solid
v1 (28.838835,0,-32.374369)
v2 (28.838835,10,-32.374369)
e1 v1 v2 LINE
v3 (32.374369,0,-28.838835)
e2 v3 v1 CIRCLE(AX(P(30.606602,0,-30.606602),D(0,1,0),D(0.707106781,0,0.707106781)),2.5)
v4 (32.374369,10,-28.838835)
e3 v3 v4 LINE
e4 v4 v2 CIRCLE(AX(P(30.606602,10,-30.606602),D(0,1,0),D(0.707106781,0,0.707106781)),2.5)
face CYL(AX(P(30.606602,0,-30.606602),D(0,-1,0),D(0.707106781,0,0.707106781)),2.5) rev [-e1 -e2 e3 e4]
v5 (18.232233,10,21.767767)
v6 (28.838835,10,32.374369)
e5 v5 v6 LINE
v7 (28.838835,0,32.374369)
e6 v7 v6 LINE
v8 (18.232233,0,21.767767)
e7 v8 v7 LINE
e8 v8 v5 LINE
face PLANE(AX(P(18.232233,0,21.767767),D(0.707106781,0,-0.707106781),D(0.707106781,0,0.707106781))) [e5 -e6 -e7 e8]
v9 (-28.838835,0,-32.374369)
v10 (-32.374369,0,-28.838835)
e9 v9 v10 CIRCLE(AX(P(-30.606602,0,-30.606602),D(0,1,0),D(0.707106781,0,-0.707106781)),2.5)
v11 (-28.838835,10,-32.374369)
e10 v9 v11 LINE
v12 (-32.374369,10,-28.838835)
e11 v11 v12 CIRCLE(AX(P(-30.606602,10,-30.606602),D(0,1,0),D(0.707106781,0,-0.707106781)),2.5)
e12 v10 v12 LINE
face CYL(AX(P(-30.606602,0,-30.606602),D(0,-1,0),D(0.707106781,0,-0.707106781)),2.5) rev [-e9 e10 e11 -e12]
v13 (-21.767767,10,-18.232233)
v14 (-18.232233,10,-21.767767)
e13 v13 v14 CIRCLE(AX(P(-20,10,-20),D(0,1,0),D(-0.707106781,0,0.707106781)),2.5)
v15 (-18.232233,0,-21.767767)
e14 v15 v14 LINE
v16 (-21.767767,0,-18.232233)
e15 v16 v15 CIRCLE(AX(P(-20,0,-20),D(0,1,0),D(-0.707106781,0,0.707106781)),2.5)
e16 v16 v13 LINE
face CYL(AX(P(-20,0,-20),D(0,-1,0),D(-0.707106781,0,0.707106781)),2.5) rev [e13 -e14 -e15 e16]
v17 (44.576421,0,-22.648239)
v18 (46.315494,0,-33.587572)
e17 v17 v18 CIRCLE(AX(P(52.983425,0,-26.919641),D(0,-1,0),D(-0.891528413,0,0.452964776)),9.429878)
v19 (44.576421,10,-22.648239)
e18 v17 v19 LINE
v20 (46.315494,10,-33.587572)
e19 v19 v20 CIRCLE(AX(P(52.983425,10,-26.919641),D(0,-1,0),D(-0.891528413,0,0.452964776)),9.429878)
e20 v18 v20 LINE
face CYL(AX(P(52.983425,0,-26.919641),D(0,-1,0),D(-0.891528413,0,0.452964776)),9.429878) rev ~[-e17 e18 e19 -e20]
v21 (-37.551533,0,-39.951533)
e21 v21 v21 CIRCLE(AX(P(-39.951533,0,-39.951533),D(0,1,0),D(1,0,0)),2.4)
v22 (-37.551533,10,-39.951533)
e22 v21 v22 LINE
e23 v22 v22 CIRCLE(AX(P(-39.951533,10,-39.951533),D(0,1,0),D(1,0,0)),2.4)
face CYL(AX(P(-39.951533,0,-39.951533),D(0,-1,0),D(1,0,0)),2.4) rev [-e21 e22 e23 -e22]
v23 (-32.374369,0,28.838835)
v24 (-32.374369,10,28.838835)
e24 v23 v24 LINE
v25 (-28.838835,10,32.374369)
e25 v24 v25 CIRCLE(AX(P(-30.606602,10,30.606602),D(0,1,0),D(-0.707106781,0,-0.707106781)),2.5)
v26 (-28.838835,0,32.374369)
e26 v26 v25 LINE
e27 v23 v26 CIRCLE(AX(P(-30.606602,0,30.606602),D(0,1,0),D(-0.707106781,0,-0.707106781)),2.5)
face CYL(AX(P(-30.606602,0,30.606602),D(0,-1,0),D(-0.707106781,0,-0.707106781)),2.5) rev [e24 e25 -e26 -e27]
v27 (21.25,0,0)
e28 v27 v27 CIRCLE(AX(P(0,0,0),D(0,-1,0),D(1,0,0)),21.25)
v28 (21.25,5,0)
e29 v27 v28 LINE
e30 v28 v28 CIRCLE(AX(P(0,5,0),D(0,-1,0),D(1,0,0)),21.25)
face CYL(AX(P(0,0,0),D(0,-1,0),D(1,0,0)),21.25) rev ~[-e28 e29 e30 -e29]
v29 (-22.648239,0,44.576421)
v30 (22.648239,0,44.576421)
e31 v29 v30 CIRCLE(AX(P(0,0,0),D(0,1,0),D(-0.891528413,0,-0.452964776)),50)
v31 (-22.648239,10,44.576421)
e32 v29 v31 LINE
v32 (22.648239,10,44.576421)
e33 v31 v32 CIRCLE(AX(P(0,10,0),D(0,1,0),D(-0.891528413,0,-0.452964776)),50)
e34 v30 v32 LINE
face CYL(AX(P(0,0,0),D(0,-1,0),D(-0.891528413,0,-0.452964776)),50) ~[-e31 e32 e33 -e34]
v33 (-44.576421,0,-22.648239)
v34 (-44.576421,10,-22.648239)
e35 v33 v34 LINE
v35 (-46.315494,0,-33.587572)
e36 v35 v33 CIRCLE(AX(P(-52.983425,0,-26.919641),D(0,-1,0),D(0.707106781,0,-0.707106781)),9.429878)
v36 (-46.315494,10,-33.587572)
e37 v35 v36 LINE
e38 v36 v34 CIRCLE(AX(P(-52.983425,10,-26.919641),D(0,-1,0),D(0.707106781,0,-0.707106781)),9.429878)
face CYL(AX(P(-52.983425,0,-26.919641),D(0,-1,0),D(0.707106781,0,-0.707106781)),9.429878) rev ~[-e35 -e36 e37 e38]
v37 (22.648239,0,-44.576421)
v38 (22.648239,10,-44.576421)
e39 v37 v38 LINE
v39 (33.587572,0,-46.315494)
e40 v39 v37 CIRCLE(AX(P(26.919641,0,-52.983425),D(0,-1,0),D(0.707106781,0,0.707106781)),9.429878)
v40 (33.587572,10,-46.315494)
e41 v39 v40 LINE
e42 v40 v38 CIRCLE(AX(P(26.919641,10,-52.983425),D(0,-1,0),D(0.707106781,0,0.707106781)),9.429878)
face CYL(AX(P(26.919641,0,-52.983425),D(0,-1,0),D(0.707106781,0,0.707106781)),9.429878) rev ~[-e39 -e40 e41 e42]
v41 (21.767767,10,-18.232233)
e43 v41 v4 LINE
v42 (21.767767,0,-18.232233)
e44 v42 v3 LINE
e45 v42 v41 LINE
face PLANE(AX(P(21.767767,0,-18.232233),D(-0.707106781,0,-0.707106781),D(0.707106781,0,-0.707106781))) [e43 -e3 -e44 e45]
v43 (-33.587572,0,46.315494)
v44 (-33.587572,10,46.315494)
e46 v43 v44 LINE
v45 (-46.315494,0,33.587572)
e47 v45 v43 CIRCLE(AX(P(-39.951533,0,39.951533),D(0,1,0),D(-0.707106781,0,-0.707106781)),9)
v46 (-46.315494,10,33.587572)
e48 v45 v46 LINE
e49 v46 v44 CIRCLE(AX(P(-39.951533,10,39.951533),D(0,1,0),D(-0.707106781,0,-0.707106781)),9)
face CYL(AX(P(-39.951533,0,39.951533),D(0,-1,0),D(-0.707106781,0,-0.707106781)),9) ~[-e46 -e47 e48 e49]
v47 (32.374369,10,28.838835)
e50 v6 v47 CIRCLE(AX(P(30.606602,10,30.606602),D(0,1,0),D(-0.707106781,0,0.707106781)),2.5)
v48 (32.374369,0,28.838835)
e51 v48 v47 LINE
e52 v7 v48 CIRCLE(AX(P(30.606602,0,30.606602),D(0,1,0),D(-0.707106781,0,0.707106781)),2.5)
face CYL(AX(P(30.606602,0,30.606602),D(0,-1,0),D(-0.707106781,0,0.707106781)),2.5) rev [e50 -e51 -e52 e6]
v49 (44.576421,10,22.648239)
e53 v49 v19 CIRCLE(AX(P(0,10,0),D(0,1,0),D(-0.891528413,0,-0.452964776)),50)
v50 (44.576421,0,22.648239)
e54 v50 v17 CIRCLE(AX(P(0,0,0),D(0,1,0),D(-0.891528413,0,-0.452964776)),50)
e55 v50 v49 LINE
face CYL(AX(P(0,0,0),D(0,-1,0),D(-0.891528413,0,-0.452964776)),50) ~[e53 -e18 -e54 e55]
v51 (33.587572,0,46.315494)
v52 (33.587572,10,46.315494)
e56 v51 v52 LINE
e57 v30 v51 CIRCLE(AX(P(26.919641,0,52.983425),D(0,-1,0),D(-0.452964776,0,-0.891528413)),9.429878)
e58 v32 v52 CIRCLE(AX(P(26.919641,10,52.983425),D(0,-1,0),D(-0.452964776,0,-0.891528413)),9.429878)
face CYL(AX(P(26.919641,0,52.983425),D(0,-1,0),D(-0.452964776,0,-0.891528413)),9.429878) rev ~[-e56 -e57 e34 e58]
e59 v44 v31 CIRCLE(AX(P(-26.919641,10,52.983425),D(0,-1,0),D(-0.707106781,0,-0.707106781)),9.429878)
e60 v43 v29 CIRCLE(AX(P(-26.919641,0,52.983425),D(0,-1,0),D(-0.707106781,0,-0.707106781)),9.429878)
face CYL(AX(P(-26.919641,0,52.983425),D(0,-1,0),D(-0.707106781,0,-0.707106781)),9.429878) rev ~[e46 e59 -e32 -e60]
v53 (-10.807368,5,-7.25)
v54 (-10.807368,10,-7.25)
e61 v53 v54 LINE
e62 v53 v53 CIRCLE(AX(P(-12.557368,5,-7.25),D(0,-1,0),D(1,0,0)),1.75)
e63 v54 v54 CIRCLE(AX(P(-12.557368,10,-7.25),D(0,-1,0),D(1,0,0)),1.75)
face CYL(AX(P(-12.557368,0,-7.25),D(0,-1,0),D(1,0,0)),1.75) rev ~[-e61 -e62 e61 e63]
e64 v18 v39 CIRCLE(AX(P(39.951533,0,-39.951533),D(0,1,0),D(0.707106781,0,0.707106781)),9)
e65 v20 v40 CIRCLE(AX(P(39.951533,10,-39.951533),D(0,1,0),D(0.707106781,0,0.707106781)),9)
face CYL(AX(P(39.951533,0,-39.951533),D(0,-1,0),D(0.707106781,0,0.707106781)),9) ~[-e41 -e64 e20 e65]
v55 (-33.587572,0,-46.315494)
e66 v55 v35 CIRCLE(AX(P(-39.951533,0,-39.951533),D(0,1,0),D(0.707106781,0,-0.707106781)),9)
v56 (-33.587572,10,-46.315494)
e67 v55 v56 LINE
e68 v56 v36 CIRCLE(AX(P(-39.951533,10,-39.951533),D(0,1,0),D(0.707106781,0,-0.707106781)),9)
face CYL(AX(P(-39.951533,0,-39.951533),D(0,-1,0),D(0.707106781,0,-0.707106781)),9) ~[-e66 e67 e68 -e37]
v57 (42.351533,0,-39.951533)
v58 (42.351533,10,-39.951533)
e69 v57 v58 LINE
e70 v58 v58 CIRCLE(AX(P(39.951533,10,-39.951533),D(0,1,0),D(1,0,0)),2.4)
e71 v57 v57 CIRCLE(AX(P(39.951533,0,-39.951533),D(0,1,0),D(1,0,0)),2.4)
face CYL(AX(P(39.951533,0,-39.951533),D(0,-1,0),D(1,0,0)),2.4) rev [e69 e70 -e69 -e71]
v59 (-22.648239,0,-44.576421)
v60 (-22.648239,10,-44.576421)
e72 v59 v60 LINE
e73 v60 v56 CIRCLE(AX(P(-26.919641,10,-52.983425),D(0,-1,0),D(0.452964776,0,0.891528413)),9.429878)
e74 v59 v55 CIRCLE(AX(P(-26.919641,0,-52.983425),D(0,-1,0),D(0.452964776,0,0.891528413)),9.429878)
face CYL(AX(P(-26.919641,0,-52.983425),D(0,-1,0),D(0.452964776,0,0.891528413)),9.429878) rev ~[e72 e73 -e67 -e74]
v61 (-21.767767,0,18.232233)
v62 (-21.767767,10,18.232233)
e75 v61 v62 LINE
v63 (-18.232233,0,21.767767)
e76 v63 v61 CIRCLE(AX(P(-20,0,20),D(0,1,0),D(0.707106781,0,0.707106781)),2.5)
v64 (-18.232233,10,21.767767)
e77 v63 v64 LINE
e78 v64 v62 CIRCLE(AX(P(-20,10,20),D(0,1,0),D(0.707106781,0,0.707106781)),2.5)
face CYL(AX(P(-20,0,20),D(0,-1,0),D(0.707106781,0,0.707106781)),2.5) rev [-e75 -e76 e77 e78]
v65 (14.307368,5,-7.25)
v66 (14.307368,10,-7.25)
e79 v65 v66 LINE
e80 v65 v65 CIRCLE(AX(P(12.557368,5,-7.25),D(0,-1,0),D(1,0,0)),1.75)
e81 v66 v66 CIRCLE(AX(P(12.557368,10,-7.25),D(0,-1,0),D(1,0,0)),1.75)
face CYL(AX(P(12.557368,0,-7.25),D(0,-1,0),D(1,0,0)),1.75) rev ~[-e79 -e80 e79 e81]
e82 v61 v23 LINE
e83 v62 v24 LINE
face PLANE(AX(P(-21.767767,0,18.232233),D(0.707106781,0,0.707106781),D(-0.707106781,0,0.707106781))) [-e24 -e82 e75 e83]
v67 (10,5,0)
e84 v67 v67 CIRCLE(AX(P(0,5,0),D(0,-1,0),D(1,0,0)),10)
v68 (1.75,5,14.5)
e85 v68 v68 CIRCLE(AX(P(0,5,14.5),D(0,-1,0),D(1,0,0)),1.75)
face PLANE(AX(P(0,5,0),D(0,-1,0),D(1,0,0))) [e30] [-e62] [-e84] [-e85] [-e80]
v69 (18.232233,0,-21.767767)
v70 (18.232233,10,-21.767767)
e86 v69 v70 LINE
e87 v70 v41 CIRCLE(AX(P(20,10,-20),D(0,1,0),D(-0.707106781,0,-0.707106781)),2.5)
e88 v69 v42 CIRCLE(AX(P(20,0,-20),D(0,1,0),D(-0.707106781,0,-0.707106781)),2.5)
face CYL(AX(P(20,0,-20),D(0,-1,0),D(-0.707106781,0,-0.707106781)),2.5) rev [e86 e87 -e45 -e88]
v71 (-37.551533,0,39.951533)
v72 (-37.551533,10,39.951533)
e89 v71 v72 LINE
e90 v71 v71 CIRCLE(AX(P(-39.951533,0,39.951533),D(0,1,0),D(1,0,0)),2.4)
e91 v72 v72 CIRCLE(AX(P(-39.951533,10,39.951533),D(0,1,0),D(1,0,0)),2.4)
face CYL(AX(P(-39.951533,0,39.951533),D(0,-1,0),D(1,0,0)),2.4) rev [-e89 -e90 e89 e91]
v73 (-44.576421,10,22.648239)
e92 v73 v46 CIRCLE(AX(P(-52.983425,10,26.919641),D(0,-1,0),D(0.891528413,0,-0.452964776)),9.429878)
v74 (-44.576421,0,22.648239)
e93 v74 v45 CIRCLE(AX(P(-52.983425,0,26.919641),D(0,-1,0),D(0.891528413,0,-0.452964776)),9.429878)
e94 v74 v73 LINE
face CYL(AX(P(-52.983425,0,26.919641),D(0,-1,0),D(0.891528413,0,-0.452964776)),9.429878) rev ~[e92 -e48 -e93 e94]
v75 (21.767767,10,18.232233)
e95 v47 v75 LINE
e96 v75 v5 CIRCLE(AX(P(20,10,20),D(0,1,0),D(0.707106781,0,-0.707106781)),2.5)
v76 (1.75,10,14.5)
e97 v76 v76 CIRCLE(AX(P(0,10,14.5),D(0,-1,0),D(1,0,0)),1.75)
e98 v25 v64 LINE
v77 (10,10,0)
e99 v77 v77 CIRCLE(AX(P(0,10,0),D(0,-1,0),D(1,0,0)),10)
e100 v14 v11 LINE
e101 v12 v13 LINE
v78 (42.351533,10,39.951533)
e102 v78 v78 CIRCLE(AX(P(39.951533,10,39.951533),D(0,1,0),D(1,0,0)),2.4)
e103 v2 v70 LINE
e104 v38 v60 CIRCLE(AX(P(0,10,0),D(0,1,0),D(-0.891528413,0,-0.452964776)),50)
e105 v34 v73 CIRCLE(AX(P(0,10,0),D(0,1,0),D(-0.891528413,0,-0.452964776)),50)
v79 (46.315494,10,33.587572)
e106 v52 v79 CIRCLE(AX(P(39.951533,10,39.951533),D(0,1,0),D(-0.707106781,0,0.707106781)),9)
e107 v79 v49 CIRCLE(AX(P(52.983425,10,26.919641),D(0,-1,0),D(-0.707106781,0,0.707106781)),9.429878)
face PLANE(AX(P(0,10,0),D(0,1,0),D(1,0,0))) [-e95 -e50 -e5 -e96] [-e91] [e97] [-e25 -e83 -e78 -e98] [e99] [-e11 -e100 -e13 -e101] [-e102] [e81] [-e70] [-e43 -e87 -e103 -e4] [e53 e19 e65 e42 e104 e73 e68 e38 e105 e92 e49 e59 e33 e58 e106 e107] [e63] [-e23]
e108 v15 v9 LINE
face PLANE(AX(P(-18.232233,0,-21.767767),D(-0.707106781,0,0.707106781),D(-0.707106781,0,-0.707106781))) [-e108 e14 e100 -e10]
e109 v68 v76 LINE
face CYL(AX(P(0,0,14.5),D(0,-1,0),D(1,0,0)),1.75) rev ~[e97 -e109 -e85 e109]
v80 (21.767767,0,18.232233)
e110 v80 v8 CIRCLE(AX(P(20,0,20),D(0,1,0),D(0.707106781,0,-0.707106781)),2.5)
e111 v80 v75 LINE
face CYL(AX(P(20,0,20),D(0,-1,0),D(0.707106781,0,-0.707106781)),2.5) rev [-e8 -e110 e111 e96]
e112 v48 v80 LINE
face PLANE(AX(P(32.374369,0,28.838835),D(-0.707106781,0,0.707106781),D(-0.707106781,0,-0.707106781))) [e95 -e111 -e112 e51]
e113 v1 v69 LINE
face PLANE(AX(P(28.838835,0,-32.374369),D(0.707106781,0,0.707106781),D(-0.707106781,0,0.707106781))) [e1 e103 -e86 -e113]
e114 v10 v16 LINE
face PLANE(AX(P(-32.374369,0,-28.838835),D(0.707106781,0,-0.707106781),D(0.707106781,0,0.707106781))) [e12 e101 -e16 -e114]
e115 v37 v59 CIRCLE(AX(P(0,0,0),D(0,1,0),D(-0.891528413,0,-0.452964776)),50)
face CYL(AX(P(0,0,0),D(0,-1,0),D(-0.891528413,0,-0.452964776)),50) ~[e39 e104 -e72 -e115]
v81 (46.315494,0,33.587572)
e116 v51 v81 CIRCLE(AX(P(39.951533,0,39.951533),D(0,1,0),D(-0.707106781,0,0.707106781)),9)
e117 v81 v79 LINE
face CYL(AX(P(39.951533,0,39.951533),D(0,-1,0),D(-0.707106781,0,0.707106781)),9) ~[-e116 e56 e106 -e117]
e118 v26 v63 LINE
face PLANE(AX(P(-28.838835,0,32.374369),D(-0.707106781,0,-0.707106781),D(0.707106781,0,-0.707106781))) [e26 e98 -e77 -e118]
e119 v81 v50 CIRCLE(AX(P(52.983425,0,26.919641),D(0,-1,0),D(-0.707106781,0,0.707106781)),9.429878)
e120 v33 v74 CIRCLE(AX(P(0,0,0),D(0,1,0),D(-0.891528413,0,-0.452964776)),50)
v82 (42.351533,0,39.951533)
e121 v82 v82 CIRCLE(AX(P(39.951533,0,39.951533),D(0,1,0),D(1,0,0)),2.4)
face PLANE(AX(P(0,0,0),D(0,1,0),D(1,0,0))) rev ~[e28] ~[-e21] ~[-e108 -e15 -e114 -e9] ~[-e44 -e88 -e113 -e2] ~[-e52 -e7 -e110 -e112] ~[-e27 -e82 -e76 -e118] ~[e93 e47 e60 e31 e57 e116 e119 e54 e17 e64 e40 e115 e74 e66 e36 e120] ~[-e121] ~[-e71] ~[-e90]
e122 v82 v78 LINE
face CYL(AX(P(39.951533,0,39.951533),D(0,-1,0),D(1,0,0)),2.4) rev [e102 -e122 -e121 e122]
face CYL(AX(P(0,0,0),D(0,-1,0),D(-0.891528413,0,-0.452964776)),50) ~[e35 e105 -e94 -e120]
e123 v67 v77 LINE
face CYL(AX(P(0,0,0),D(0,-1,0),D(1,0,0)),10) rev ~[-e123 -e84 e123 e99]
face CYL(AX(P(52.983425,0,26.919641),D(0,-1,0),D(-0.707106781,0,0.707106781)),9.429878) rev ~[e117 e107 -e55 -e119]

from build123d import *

# Parameters (mm, degrees)
SKETCH1_R           = 2.4
BOSS_EXTRUDE2_DEPTH = 10
SKETCH2_R           = 21.25
SKETCH2_R_2         = 1.75
SKETCH2_R_3         = 10
CUT_EXTRUDE3_DEPTH  = 5
SKETCH2_2_R         = 1.75
SKETCH2_2_R_2       = 10
CUT_EXTRUDE4_DEPTH  = 72.414284285


with BuildPart() as part:
    # Sketch1 → Boss-Extrude2 (new body)
    with BuildSketch(Plane(origin=(0, 0, 0), x_dir=(1, 0, 0), z_dir=(0, 1, 0))):
        with BuildLine():
            ThreePointArc((44.576420667, -22.648238795), (50, 0), (44.576420667, 22.648238795))
            ThreePointArc((44.576420667, 22.648238795), (43.670494672, 28.400158503), (46.315494168, 33.587572106))
            ThreePointArc((46.315494168, 33.587572106), (46.315494168, 46.315494168), (33.587572106, 46.315494168))
            ThreePointArc((33.587572106, 46.315494168), (28.400158503, 43.670494672), (22.648238795, 44.576420667))
            ThreePointArc((22.648238795, 44.576420667), (0, 50), (-22.648238795, 44.576420667))
            ThreePointArc((-22.648238795, 44.576420667), (-28.400158503, 43.670494672), (-33.587572106, 46.315494168))
            ThreePointArc((-33.587572106, 46.315494168), (-46.315494168, 46.315494168), (-46.315494168, 33.587572106))
            ThreePointArc((-46.315494168, 33.587572106), (-43.670494672, 28.400158503), (-44.576420667, 22.648238795))
            ThreePointArc((-44.576420667, 22.648238795), (-50, 0), (-44.576420667, -22.648238795))
            ThreePointArc((-44.576420667, -22.648238795), (-43.670494672, -28.400158503), (-46.315494168, -33.587572106))
            ThreePointArc((-46.315494168, -33.587572106), (-46.315494168, -46.315494168), (-33.587572106, -46.315494168))
            ThreePointArc((-33.587572106, -46.315494168), (-28.400158503, -43.670494672), (-22.648238795, -44.576420667))
            ThreePointArc((-22.648238795, -44.576420667), (0, -50), (22.648238795, -44.576420667))
            ThreePointArc((22.648238795, -44.576420667), (28.400158503, -43.670494672), (33.587572106, -46.315494168))
            ThreePointArc((33.587572106, -46.315494168), (46.315494168, -46.315494168), (46.315494168, -33.587572106))
            ThreePointArc((46.315494168, -33.587572106), (43.670494672, -28.400158503), (44.576420667, -22.648238795))
        make_face()
        with BuildLine():
            ThreePointArc((-21.767766953, -18.232233047), (-18.232233047, -18.232233047), (-18.232233047, -21.767766953))
            Line((-18.232233047, -21.767766953), (-28.838834765, -32.374368671))
            ThreePointArc((-28.838834765, -32.374368671), (-32.374368671, -32.374368671), (-32.374368671, -28.838834765))
            Line((-32.374368671, -28.838834765), (-21.767766953, -18.232233047))
        make_face(mode=Mode.SUBTRACT)
        with BuildLine():
            ThreePointArc((18.232233047, -21.767766953), (18.232233047, -18.232233047), (21.767766953, -18.232233047))
            Line((21.767766953, -18.232233047), (32.374368671, -28.838834765))
            ThreePointArc((32.374368671, -28.838834765), (32.374368671, -32.374368671), (28.838834765, -32.374368671))
            Line((28.838834765, -32.374368671), (18.232233047, -21.767766953))
        make_face(mode=Mode.SUBTRACT)
        with BuildLine():
            ThreePointArc((-18.232233047, 21.767766953), (-18.232233047, 18.232233047), (-21.767766953, 18.232233047))
            Line((-21.767766953, 18.232233047), (-32.374368671, 28.838834765))
            ThreePointArc((-32.374368671, 28.838834765), (-32.374368671, 32.374368671), (-28.838834765, 32.374368671))
            Line((-28.838834765, 32.374368671), (-18.232233047, 21.767766953))
        make_face(mode=Mode.SUBTRACT)
        with BuildLine():
            ThreePointArc((21.767766953, 18.232233047), (18.232233047, 18.232233047), (18.232233047, 21.767766953))
            Line((18.232233047, 21.767766953), (28.838834765, 32.374368671))
            ThreePointArc((28.838834765, 32.374368671), (32.374368671, 32.374368671), (32.374368671, 28.838834765))
            Line((32.374368671, 28.838834765), (21.767766953, 18.232233047))
        make_face(mode=Mode.SUBTRACT)
        with Locations((39.951533137, -39.951533137)):
            Circle(SKETCH1_R, mode=Mode.SUBTRACT)
        with Locations((-39.951533137, -39.951533137)):
            Circle(SKETCH1_R, mode=Mode.SUBTRACT)
        with Locations((-39.951533137, 39.951533137)):
            Circle(SKETCH1_R, mode=Mode.SUBTRACT)
        with Locations((39.951533137, 39.951533137)):
            Circle(SKETCH1_R, mode=Mode.SUBTRACT)
    extrude(amount=BOSS_EXTRUDE2_DEPTH)

    # Sketch2 → Cut-Extrude3 (cut)
    with BuildSketch(Plane.XZ):
        Circle(SKETCH2_R)
        with Locations((0, 14.5)):
            Circle(SKETCH2_R_2, mode=Mode.SUBTRACT)
        with Locations((12.557368355, -7.25)):
            Circle(SKETCH2_R_2, mode=Mode.SUBTRACT)
        with Locations((-12.557368355, -7.25)):
            Circle(SKETCH2_R_2, mode=Mode.SUBTRACT)
        Circle(SKETCH2_R_3, mode=Mode.SUBTRACT)
    extrude(amount=-CUT_EXTRUDE3_DEPTH, mode=Mode.SUBTRACT)

    # Sketch2<2> → Cut-Extrude4 (cut, through all)
    with BuildSketch(Plane.XZ):
        with Locations((0, 14.5)):
            Circle(SKETCH2_2_R)
        with Locations((12.557368355, -7.25)):
            Circle(SKETCH2_2_R)
        with Locations((-12.557368355, -7.25)):
            Circle(SKETCH2_2_R)
        Circle(SKETCH2_2_R_2)
    extrude(amount=-CUT_EXTRUDE4_DEPTH, mode=Mode.SUBTRACT)


solid = part.part
